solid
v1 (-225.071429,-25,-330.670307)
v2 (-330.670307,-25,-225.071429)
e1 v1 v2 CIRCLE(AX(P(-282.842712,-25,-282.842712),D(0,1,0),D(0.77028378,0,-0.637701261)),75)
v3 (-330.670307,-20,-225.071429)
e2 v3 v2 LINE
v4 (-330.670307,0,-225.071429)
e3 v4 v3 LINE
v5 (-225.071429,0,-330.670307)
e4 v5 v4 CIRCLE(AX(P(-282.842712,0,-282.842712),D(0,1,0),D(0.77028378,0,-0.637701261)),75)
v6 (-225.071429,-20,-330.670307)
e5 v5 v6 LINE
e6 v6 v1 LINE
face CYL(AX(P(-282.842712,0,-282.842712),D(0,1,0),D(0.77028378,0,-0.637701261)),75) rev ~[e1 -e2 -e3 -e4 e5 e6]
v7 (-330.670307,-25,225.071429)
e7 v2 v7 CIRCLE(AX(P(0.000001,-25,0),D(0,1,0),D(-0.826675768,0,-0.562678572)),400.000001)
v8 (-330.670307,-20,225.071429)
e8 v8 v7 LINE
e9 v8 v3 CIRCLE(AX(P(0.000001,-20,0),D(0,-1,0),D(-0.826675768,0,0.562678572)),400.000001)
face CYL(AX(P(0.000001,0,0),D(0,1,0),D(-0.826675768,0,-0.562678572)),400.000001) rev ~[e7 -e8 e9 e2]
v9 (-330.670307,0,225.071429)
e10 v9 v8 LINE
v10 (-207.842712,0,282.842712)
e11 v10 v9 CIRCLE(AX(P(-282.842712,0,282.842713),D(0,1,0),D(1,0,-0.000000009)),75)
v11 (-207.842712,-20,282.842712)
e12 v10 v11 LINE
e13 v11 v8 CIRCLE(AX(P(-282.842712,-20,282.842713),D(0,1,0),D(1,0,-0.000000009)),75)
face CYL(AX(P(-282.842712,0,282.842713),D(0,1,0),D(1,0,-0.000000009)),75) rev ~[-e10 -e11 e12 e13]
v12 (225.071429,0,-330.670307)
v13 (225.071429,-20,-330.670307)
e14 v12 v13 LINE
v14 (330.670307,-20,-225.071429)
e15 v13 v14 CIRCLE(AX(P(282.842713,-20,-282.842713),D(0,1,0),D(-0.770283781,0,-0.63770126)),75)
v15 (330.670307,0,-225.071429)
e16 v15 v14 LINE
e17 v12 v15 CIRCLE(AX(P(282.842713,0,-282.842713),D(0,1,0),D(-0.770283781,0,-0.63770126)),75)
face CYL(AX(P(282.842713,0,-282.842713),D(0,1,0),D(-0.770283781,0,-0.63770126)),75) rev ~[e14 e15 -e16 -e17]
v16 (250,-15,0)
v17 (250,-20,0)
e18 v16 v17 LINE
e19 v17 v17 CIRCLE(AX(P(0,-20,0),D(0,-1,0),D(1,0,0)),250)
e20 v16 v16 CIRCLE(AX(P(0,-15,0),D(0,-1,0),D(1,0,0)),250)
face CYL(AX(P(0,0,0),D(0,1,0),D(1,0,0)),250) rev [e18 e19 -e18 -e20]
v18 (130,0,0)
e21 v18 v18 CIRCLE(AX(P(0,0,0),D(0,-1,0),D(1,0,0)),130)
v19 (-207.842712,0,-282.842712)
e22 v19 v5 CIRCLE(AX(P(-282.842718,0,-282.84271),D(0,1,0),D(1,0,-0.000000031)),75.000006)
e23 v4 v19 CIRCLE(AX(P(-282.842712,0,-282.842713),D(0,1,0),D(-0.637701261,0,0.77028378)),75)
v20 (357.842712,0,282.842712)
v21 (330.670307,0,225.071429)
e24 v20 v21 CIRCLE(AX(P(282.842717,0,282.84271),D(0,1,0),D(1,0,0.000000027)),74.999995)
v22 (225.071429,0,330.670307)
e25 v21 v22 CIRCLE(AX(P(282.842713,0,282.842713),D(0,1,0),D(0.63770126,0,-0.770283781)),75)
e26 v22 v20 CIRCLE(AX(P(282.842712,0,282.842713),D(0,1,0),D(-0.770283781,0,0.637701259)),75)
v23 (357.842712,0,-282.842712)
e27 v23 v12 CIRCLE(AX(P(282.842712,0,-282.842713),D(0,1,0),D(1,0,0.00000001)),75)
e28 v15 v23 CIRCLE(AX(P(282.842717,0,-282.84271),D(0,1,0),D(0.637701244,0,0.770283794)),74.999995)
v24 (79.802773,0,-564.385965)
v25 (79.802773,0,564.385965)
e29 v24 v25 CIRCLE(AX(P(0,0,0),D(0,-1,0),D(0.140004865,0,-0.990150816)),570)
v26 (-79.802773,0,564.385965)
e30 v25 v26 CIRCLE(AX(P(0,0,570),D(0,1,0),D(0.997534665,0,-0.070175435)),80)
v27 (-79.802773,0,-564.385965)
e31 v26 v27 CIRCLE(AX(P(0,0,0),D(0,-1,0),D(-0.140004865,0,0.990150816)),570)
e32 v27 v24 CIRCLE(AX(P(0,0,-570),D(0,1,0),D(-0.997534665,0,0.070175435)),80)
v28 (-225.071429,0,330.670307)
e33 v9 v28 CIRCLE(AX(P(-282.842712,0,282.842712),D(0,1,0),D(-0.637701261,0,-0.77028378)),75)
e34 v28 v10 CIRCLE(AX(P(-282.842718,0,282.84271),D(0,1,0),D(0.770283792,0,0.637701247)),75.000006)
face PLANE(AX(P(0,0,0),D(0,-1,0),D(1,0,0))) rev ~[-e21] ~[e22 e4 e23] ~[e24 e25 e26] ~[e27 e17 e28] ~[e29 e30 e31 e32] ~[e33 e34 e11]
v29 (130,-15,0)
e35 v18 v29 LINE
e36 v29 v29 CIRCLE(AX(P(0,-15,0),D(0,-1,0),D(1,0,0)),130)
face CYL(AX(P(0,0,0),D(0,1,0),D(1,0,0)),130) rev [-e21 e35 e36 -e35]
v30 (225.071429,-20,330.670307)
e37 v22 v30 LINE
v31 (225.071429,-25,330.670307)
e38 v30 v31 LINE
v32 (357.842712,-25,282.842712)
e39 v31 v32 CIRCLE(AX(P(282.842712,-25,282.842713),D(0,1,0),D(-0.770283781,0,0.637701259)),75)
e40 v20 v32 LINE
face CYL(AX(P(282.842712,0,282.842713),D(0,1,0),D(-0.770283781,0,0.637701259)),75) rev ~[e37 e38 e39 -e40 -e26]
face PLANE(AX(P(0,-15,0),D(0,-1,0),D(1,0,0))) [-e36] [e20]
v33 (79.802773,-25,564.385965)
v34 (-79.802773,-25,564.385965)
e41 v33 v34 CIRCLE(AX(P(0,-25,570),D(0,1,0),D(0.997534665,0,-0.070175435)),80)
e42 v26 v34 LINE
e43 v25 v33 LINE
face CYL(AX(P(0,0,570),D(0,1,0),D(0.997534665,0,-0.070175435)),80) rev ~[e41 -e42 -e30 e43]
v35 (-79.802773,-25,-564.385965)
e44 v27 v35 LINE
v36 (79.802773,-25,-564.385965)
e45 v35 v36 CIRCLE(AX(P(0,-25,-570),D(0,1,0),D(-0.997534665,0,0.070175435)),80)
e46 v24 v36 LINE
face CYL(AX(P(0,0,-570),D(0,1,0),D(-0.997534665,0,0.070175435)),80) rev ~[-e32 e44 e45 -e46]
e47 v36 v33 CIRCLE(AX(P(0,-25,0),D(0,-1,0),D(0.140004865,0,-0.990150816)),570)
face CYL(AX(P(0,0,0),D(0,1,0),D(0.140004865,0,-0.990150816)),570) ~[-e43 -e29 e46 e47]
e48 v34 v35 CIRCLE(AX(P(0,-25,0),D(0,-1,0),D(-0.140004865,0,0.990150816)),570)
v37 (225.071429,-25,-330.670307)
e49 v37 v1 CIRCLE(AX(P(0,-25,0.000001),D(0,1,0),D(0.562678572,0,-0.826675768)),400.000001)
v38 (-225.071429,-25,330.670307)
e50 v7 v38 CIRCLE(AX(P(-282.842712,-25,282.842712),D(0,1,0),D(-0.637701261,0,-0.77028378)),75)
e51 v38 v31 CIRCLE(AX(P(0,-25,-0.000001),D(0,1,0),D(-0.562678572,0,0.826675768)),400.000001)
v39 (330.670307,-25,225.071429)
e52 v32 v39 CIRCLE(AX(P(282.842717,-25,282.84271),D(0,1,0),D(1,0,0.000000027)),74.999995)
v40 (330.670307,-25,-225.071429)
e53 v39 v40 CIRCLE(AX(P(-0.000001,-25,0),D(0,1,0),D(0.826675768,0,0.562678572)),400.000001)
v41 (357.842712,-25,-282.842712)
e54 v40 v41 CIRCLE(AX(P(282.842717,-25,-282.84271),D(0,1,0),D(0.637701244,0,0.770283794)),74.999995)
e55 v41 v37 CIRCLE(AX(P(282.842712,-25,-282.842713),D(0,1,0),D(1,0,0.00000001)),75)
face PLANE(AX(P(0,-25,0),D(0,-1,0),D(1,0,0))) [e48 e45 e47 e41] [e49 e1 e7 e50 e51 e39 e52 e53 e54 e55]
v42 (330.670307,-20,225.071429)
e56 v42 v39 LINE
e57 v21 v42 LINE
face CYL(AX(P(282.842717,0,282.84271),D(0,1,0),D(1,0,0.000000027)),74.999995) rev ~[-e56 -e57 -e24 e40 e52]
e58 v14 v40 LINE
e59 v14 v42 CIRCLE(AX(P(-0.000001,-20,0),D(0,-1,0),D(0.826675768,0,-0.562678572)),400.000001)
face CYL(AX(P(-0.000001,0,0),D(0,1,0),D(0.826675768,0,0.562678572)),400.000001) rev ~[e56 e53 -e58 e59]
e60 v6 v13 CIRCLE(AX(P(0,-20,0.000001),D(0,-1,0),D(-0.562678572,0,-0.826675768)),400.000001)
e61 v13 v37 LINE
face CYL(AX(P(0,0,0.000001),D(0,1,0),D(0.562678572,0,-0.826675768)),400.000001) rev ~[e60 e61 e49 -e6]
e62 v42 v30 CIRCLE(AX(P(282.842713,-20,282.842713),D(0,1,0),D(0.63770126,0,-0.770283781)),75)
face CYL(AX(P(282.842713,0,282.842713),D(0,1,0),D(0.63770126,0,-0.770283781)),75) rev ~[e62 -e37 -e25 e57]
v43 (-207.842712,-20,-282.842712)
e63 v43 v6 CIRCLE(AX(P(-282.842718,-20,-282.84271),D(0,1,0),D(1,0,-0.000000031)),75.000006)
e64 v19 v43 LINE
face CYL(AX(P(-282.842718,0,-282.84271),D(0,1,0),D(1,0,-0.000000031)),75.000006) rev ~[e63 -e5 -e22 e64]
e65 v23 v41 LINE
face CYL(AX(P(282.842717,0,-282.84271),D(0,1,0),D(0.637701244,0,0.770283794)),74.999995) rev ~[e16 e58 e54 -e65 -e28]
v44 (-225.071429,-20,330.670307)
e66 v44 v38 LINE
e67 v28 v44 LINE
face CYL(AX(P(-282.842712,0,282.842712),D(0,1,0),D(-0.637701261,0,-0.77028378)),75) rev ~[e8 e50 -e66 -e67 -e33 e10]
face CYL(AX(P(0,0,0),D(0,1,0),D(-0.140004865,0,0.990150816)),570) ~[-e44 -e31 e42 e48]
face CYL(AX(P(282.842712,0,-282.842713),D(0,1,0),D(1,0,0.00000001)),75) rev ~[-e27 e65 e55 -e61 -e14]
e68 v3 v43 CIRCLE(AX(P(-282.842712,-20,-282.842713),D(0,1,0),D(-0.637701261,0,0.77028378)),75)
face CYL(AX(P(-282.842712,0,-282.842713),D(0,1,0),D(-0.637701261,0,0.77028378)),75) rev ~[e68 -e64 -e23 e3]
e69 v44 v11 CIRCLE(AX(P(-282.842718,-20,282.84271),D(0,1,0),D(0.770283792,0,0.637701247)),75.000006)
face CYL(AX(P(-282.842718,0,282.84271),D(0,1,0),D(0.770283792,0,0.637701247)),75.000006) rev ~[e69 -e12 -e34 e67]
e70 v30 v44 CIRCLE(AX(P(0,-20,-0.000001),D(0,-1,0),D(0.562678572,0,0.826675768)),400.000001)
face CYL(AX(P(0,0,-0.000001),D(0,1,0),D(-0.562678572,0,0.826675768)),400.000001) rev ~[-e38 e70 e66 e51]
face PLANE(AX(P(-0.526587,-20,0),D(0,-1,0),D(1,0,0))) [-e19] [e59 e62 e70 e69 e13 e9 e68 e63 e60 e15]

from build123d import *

# Parameters (mm, degrees)
F1_DEPTH = 25
F0_R     = 250
F2_DEPTH = 20
F0_R_2   = 130
F3_DEPTH = 15


with BuildPart() as f1:
    # F0 (on Front) → F1 (new body)
    with BuildSketch(Plane.XZ):
        with BuildLine():
            ThreePointArc((79.802773, 564.385965), (0, 490), (-79.802773, 564.385965))
            ThreePointArc((-79.802773, 564.385965), (-570, 0), (-79.802773, -564.385965))
            ThreePointArc((-79.802773, -564.385965), (0, -490), (79.802773, -564.385965))
            ThreePointArc((79.802773, -564.385965), (570, 0), (79.802773, 564.385965))
        make_face()
        with BuildLine():
            ThreePointArc((-330.670307, 225.071429), (-335.875721, 335.875721), (-225.071429, 330.670307))
            ThreePointArc((-225.071429, 330.670307), (0, 400), (225.071429, 330.670307))
            ThreePointArc((225.071429, 330.670307), (308.260755, 353.404197), (357.842712, 282.842712))
            ThreePointArc((357.842712, 282.842712), (350.710487, 250.921478), (330.670307, 225.071429))
            ThreePointArc((330.670307, 225.071429), (400, 0), (330.670307, -225.071429))
            ThreePointArc((330.670307, -225.071429), (350.710487, -250.921478), (357.842712, -282.842712))
            ThreePointArc((357.842712, -282.842712), (308.260755, -353.404197), (225.071429, -330.670307))
            ThreePointArc((225.071429, -330.670307), (0, -400), (-225.071429, -330.670307))
            ThreePointArc((-225.071429, -330.670307), (-335.875721, -335.875721), (-330.670307, -225.071429))
            ThreePointArc((-330.670307, -225.071429), (-400, 0), (-330.670307, 225.071429))
        make_face(mode=Mode.SUBTRACT)
    extrude(amount=F1_DEPTH)

    # F0 (on Front) → F2 (join)
    with BuildSketch(Plane.XZ):
        with BuildLine():
            ThreePointArc((-225.071429, 330.670307), (-212.281228, 308.260755), (-207.842712, 282.842712))
            ThreePointArc((-207.842712, 282.842712), (-250.921478, 214.974938), (-330.670307, 225.071429))
            ThreePointArc((-330.670307, 225.071429), (-400, 0), (-330.670307, -225.071429))
            ThreePointArc((-330.670307, -225.071429), (-250.921478, -214.974938), (-207.842712, -282.842712))
            ThreePointArc((-207.842712, -282.842712), (-212.281228, -308.260755), (-225.071429, -330.670307))
            ThreePointArc((-225.071429, -330.670307), (0, -400), (225.071429, -330.670307))
            ThreePointArc((225.071429, -330.670307), (229.809704, -229.809704), (330.670307, -225.071429))
            ThreePointArc((330.670307, -225.071429), (400, 0), (330.670307, 225.071429))
            ThreePointArc((330.670307, 225.071429), (229.809704, 229.809704), (225.071429, 330.670307))
            ThreePointArc((225.071429, 330.670307), (0, 400), (-225.071429, 330.670307))
        make_face()
        Circle(F0_R, mode=Mode.SUBTRACT)
    extrude(amount=F2_DEPTH)

    # F0 (on Front) → F3 (join)
    with BuildSketch(Plane.XZ):
        Circle(F0_R)
        Circle(F0_R_2, mode=Mode.SUBTRACT)
    extrude(amount=F3_DEPTH)


solid = f1.part
